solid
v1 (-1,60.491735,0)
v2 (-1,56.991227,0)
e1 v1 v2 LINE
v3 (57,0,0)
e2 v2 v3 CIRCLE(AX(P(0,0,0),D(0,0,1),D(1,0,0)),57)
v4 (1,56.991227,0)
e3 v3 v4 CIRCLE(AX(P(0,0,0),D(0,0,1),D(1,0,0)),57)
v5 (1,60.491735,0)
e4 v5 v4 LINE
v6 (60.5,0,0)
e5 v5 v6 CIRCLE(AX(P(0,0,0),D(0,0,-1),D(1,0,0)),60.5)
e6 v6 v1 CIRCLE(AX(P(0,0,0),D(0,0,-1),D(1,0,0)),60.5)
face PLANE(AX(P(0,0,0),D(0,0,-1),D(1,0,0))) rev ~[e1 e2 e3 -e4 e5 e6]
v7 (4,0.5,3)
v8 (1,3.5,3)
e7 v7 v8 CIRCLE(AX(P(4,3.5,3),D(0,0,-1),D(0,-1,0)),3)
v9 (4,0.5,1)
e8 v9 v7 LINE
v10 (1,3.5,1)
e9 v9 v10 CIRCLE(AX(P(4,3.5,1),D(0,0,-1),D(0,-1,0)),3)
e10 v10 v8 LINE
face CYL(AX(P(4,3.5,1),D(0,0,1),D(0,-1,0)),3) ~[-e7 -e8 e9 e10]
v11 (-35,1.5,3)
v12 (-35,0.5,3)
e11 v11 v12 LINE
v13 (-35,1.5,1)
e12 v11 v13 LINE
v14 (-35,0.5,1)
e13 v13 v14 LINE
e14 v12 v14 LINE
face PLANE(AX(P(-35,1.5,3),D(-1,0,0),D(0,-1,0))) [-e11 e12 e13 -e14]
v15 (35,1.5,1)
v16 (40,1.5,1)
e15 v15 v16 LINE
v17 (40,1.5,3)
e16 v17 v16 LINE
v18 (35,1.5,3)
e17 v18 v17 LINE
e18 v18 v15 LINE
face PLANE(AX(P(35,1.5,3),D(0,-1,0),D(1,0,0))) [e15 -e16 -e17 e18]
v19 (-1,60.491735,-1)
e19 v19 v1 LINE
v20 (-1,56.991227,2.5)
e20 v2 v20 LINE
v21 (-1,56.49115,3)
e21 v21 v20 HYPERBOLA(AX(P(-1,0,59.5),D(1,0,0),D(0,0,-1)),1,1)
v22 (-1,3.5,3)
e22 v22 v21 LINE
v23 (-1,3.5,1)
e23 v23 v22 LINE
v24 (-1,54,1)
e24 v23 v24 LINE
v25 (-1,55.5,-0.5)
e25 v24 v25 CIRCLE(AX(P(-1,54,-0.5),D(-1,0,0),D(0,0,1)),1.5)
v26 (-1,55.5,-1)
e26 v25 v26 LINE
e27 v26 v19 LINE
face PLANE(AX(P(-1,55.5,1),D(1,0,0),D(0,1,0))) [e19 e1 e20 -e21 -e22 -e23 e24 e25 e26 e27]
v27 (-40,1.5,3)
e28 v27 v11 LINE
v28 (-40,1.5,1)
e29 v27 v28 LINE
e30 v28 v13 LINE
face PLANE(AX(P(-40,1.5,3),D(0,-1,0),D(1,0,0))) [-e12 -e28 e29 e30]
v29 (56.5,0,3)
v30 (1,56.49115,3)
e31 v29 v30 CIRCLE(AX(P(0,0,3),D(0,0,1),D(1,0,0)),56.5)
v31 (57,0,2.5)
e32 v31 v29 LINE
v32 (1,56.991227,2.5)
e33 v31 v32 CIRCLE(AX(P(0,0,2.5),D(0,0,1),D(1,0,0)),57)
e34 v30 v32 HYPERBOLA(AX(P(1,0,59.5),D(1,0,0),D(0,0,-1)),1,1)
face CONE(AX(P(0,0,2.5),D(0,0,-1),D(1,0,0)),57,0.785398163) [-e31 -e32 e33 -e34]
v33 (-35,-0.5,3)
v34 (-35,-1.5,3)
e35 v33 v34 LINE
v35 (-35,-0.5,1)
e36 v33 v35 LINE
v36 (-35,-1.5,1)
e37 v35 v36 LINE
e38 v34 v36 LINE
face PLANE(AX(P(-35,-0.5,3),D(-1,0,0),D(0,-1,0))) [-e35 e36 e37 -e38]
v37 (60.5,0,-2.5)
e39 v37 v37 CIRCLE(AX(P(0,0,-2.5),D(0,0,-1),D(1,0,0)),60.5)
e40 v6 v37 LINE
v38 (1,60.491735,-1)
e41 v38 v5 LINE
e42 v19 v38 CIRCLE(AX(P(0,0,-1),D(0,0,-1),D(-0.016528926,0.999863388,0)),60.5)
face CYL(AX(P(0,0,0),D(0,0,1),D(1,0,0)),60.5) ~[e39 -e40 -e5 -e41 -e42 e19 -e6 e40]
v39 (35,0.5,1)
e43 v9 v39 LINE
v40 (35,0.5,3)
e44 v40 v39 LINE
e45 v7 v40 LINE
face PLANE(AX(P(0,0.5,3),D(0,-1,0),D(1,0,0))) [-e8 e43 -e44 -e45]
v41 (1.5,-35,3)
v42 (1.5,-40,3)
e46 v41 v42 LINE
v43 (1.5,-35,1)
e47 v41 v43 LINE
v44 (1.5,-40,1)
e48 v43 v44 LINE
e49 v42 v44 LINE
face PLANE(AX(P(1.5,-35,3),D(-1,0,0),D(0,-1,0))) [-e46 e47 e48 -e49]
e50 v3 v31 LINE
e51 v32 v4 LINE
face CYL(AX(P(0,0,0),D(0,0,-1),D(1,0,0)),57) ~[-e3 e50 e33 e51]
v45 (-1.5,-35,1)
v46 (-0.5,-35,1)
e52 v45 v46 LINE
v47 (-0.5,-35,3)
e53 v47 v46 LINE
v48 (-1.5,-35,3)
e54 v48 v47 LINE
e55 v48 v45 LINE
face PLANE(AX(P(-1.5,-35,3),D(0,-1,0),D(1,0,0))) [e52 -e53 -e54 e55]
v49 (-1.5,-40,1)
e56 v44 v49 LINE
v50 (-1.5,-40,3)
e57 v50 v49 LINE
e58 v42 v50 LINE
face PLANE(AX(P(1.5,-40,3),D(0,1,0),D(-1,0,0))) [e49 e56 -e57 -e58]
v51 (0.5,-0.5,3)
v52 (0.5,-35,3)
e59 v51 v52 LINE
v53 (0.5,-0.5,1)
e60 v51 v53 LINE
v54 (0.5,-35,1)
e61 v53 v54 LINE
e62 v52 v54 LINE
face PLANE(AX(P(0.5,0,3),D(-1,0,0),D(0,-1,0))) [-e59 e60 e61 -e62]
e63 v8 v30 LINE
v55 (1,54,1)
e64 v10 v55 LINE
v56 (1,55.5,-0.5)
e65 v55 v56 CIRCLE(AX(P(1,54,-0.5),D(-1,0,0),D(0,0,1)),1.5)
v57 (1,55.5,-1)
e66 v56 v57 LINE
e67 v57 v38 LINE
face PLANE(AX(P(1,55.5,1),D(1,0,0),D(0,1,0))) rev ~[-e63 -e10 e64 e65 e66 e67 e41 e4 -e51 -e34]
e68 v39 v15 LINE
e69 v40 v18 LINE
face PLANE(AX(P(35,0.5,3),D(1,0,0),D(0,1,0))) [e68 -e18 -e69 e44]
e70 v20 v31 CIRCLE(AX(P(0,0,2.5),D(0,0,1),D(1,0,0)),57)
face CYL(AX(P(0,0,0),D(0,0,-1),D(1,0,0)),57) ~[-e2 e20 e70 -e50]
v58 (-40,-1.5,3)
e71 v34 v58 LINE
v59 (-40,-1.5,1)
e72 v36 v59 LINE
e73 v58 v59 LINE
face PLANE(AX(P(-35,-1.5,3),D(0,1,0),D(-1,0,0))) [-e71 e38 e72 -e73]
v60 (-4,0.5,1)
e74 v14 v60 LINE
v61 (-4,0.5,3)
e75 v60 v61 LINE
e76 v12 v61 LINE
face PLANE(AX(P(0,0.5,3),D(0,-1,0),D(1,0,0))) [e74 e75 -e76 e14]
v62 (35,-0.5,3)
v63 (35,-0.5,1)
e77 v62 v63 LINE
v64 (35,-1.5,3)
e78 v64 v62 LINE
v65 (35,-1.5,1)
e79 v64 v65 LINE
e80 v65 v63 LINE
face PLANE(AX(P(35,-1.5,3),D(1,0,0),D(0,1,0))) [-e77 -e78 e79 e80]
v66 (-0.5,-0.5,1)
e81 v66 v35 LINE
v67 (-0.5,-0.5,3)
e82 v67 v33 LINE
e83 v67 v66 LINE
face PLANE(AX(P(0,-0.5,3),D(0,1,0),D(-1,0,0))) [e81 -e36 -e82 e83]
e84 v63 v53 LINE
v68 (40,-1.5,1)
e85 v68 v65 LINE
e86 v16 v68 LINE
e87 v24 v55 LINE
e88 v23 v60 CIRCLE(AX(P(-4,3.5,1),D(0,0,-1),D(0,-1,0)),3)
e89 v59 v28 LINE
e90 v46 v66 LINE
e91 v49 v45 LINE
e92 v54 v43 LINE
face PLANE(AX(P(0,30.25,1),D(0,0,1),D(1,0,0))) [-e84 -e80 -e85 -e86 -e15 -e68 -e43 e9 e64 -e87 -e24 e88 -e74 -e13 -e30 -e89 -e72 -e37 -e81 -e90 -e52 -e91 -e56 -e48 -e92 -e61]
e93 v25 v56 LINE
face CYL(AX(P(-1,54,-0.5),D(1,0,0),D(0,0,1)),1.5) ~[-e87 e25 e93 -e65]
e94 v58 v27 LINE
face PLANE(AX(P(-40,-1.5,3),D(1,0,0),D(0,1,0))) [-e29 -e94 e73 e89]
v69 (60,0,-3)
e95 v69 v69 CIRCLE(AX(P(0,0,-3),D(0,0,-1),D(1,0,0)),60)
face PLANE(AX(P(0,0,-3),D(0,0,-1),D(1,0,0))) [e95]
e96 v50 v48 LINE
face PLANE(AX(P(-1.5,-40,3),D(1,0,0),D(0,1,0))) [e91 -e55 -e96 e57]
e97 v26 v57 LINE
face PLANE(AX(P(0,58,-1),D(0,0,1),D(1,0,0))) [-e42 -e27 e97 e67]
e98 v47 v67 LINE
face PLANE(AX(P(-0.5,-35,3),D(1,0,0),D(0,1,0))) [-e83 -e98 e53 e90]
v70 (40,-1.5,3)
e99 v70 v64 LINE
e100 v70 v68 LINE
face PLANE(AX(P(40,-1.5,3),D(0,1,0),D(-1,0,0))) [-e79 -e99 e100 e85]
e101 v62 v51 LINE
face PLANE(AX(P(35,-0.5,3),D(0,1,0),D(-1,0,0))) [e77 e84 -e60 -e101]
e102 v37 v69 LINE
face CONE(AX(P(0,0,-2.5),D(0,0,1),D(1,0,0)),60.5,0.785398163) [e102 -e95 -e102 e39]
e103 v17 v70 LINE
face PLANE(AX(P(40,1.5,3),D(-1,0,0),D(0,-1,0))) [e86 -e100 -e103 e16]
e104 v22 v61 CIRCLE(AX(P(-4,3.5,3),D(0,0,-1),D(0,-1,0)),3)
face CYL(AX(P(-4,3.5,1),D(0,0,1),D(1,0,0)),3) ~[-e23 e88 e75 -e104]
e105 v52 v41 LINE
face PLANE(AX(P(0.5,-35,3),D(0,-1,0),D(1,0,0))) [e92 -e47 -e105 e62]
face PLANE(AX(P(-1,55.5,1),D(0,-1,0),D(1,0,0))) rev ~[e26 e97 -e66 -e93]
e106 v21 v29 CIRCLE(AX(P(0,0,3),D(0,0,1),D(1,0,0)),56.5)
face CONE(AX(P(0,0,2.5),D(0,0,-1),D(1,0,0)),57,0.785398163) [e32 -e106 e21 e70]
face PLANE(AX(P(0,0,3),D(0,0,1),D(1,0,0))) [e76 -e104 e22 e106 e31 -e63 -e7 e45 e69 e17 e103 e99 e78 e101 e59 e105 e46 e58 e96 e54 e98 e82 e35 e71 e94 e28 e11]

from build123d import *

# Parameters (mm, degrees)
SKETCH_R           = 57
PAD_DEPTH          = 3
SKETCH001_R        = 60.5
PAD001_DEPTH       = 3
CHAMFER_SIZE       = 0.5
CHAMFER001_SIZE    = 0.5
POCKET_DEPTH       = 2
POLARPATTERN_COUNT = 3
POLARPATTERN_ANGLE = 180
SKETCH003_W        = 2
SKETCH003_H        = 60.5
POCKET001_DEPTH    = 2
SKETCH004_W        = 2
SKETCH004_H        = 5
POCKET002_DEPTH    = 2
FILLET_R           = 3
FILLET001_R        = 1.5


with BuildPart() as part:
    # Sketch → Pad (new body)
    with BuildSketch(Plane.XY):
        Circle(SKETCH_R)
    extrude(amount=PAD_DEPTH)

    # Sketch001 (on Face2 of Pad) → Pad001 (join)
    with BuildSketch(Plane(origin=(0, 0, 0), x_dir=(1, 0, 0), z_dir=(0, 0, -1))):
        Circle(SKETCH001_R)
    extrude(amount=PAD001_DEPTH)

    # Chamfer
    chamfer_edges = [part.edges().sort_by_distance(p)[0] for p in [
        (-57, 0, 3),
    ]]
    chamfer(chamfer_edges, length=CHAMFER_SIZE)

    # Chamfer001
    chamfer001_edges = [part.edges().sort_by_distance(p)[0] for p in [
        (-60.5, 0, -3),
    ]]
    chamfer(chamfer001_edges, length=CHAMFER001_SIZE)

    # Sketch002 (on Face7 of Chamfer001) → Pocket (cut)
    with BuildSketch(Plane.XY.offset(3)):
        Polygon((-40, -1.5), (-40, 1.5), (-35, 1.5), (-35, 0.5), (0, 0.5), (0, -0.5), (-35, -0.5), (-35, -1.5), align=None)
    pocket = extrude(amount=-POCKET_DEPTH, mode=Mode.SUBTRACT)

    # PolarPattern: Pocket ×3 about axis
    polarpattern_axis = Axis((0, 0, 3), (0, 0, 1))
    for i in range(1, POLARPATTERN_COUNT):
        add(pocket.rotate(polarpattern_axis, i * POLARPATTERN_ANGLE / (POLARPATTERN_COUNT - 1)), mode=Mode.SUBTRACT)

    # Sketch003 (on Face7 of PolarPattern) → Pocket001 (cut)
    with BuildSketch(Plane.XY.offset(3)):
        with Locations((0, 30.25)):
            Rectangle(SKETCH003_W, SKETCH003_H)
    extrude(amount=-POCKET001_DEPTH, mode=Mode.SUBTRACT)

    # Sketch004 (on Face8 of Pocket001) → Pocket002 (cut)
    with BuildSketch(Plane.XY.offset(1)):
        with Locations((0, 58)):
            Rectangle(SKETCH004_W, SKETCH004_H)
    extrude(amount=-POCKET002_DEPTH, mode=Mode.SUBTRACT)

    # Fillet
    fillet_edges = [part.edges().sort_by_distance(p)[0] for p in [
        (1, 0.5, 2),
        (-1, 0.5, 2),
    ]]
    fillet(fillet_edges, radius=FILLET_R)

    # Fillet001
    fillet001_edges = [part.edges().sort_by_distance(p)[0] for p in [
        (0, 55.5, 1),
    ]]
    fillet(fillet001_edges, radius=FILLET001_R)


solid = part.part
